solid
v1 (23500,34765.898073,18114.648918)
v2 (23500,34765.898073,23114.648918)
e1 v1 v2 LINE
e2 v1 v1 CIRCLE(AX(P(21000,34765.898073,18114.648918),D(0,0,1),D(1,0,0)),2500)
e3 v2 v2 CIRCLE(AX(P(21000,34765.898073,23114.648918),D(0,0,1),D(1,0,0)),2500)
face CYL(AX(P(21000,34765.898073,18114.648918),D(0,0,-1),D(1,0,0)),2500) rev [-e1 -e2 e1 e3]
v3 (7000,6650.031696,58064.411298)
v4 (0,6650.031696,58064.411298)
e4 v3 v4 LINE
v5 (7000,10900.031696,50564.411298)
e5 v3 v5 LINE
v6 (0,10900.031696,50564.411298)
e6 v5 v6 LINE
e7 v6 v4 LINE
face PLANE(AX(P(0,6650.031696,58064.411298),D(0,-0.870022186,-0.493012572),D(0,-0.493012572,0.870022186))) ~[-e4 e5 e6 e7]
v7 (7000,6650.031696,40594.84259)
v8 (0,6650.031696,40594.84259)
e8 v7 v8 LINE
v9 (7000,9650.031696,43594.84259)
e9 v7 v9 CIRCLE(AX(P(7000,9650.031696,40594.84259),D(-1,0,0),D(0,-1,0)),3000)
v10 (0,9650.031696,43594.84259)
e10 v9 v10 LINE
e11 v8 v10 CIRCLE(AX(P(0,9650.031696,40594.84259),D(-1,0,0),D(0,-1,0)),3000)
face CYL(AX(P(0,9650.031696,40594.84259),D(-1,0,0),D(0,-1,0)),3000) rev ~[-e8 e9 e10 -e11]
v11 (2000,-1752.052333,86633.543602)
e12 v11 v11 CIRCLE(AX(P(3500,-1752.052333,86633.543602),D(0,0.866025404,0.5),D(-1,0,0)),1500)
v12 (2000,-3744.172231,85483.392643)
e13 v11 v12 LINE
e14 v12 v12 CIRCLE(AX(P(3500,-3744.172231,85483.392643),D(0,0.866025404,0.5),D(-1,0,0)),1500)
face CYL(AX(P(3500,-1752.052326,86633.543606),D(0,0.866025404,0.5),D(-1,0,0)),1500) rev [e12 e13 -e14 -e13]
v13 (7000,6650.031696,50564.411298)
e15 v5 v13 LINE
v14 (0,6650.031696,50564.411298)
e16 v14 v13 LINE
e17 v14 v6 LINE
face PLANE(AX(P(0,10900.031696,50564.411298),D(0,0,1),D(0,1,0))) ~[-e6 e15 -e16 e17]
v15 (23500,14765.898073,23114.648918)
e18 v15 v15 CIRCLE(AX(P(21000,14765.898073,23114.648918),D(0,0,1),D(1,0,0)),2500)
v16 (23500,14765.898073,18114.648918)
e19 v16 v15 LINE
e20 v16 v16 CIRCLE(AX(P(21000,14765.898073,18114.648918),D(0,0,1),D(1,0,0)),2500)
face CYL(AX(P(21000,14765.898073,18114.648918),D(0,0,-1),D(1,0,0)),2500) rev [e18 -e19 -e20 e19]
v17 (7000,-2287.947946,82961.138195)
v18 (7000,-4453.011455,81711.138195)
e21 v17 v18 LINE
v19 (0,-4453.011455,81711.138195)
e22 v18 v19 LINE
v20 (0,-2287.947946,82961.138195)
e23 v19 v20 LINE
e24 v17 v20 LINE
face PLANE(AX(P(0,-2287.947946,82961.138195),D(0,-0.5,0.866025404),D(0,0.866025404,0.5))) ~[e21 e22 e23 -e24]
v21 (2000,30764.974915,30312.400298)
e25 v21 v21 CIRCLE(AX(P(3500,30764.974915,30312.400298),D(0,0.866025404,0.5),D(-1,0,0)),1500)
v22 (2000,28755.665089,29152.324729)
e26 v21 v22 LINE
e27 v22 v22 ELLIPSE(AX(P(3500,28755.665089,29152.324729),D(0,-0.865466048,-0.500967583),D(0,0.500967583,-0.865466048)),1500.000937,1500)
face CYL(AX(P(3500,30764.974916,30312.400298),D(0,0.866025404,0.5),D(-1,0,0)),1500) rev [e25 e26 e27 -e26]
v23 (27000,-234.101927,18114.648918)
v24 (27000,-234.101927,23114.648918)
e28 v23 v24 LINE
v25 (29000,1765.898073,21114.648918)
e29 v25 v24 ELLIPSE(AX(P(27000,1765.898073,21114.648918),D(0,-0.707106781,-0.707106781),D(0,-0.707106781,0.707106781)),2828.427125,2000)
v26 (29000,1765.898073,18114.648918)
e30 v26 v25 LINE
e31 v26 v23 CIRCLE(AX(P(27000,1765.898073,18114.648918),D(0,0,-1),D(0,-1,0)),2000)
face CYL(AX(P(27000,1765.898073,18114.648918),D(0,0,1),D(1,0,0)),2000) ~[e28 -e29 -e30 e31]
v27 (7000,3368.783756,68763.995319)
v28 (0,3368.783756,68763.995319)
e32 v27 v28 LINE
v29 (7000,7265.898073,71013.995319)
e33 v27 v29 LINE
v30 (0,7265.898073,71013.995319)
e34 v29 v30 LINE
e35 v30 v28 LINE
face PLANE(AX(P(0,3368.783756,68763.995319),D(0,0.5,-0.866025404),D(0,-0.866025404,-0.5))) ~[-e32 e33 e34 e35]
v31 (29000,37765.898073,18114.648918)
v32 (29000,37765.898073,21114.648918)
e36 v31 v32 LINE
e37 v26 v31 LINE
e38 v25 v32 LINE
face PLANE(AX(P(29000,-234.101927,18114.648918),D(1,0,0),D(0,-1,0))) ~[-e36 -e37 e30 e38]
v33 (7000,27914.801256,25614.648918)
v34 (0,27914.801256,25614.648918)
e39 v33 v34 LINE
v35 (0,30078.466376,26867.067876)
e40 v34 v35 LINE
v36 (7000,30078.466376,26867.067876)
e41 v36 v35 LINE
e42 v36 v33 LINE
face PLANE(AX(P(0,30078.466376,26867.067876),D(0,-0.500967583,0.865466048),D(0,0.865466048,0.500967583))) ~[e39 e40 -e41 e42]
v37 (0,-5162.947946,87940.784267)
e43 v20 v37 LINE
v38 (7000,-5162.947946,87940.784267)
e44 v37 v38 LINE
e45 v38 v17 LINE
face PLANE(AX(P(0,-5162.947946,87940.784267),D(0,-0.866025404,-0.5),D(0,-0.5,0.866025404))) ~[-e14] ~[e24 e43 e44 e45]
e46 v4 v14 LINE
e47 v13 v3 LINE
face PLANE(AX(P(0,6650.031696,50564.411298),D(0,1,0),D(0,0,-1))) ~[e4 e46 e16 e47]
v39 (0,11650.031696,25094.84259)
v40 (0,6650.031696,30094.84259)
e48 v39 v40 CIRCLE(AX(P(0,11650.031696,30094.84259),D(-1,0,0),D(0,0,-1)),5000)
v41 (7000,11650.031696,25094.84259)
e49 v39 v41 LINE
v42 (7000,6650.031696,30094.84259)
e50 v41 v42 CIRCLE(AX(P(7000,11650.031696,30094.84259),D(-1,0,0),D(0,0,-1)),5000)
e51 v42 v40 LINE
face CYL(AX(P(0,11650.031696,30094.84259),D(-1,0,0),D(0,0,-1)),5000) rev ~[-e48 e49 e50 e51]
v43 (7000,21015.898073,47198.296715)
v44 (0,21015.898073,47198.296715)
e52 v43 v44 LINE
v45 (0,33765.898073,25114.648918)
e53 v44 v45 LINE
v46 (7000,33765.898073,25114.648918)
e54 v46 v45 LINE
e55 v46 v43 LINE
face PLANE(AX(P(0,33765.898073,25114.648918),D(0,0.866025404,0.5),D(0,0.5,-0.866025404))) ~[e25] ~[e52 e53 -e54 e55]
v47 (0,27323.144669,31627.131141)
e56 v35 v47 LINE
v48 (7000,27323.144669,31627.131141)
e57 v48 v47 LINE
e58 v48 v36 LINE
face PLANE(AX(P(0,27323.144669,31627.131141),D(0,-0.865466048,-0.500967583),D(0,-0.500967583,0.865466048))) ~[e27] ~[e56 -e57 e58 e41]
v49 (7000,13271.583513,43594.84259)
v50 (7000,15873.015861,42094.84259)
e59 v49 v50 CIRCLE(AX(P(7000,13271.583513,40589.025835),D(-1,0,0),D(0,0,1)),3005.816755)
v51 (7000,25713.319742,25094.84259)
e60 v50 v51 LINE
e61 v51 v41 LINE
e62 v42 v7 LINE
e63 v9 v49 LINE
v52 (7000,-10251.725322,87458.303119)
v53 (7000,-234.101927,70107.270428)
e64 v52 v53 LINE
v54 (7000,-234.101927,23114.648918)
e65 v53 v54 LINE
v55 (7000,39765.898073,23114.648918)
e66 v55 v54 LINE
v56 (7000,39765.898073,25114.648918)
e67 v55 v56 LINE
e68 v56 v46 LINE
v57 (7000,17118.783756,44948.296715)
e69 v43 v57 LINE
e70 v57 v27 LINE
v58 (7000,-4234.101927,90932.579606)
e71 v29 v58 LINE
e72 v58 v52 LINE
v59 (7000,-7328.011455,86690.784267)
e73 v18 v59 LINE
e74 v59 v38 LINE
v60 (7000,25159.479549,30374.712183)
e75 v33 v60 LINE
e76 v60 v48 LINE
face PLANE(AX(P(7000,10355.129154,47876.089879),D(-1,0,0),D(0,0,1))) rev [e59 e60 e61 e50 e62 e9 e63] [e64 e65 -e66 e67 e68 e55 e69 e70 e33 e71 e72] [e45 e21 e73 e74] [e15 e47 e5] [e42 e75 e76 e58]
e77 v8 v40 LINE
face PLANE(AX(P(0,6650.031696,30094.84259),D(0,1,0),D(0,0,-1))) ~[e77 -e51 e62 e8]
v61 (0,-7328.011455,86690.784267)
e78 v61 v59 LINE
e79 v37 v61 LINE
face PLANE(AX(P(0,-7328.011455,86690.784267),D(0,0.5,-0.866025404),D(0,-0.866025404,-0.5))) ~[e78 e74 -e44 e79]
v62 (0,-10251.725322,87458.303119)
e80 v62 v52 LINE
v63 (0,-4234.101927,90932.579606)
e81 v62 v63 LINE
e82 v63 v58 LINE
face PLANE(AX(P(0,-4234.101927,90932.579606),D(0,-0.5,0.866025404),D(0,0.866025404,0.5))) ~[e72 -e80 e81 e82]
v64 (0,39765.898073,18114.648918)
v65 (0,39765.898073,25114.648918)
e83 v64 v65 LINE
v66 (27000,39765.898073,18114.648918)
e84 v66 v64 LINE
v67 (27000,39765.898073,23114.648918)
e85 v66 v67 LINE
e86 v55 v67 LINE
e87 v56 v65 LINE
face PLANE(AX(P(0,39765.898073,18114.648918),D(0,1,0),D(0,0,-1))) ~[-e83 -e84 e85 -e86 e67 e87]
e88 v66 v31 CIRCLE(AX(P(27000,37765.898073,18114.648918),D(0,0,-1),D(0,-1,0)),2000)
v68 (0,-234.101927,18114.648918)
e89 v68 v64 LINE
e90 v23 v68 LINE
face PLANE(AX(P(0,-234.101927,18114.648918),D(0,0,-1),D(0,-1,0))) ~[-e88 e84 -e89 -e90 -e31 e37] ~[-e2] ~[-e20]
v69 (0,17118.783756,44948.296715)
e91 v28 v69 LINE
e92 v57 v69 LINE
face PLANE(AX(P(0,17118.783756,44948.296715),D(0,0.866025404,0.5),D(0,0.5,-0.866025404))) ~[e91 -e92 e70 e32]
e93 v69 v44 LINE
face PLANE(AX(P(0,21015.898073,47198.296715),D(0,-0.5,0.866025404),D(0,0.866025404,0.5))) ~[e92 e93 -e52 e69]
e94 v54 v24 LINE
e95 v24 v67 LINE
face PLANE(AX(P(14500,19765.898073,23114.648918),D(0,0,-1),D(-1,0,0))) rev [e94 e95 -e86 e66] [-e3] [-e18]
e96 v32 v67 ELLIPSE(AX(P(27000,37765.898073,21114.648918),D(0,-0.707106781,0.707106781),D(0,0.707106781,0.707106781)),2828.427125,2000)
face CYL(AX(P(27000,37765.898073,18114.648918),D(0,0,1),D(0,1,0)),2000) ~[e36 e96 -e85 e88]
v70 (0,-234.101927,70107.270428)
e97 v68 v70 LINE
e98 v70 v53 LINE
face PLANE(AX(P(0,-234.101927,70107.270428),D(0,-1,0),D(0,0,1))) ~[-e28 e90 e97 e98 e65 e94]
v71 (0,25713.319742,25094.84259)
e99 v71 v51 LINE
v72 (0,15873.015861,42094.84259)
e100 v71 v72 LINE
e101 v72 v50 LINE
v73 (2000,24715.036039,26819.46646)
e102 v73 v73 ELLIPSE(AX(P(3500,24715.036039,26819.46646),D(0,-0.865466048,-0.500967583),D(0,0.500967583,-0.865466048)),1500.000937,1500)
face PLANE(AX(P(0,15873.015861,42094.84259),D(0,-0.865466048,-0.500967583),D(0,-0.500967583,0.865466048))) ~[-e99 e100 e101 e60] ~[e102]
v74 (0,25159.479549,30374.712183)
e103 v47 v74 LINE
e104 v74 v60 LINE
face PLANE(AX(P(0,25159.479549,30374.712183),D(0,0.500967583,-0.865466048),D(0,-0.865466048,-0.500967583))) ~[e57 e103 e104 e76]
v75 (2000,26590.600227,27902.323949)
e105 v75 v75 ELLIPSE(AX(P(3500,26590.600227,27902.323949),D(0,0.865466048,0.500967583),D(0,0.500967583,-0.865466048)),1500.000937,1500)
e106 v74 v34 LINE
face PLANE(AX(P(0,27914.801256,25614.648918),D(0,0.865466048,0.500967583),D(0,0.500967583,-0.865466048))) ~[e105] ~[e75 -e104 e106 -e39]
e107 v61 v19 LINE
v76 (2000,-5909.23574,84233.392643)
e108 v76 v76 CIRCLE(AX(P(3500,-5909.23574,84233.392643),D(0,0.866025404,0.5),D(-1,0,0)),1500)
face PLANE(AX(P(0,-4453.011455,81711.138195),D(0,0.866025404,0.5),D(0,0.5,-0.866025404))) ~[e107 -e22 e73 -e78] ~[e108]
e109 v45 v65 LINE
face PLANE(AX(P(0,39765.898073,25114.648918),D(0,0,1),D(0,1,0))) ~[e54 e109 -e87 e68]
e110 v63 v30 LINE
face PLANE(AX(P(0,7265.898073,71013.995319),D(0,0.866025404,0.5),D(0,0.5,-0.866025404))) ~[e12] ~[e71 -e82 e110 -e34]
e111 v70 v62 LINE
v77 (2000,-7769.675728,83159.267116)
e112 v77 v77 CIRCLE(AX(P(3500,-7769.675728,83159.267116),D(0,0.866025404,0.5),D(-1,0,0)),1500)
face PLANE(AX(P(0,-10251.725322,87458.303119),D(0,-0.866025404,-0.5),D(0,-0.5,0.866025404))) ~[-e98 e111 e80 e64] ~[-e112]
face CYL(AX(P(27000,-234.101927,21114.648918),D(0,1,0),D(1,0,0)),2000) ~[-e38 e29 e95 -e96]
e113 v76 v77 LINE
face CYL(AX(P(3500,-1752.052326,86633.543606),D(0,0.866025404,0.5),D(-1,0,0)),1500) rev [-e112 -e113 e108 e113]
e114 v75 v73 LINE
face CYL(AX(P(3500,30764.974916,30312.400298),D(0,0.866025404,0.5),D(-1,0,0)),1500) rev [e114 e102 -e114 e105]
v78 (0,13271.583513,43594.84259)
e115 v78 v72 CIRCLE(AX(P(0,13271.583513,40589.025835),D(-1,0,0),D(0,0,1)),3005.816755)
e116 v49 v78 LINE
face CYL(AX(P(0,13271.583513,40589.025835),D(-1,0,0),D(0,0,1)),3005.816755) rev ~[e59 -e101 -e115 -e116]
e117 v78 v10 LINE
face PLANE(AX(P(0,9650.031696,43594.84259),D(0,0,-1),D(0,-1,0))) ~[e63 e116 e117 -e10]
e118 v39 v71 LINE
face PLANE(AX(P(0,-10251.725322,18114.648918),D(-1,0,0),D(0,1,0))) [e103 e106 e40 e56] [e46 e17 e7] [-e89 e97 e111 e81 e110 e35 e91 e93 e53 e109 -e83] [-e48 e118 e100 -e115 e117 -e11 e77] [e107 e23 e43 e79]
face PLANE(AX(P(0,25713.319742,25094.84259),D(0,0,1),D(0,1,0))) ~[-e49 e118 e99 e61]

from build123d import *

# Parameters (mm, degrees)
BOSS_EXTRUDE1_DEPTH  = 7000
SKETCH8_W            = 29000
SKETCH8_H            = 40000
SKETCH8_R            = 2500
BOSS_EXTRUDE3_DEPTH  = 5000
FILLET1_R            = 2000
SKETCH9_R            = 1500
CUT_EXTRUDE1_DEPTH   = 7500
FILLET1_OF_MIRROR1_R = 2000
SKETCH10_W           = 30032.748500045
SKETCH10_H           = 50017.623394931
SKETCH10_W_2         = 1774.573147716
SKETCH10_H_2         = 4942.399092914
CUT_EXTRUDE2_DEPTH   = 72818.930687617


with BuildPart() as part:
    # Sketch1 → Boss-Extrude1 (new body)
    with BuildSketch(Plane(origin=(0, 0, 0), x_dir=(0, 0, -1), z_dir=(1, 0, 0))):
        Polygon((-71013.995318758, 7265.898072848), (-90932.579605801, -4234.101927152), (-87458.303118855, -10251.725322083), (-70107.270427744, -234.101927152), (-18114.648918183, -234.101927152), (-18114.648918183, 39765.898072848), (-25114.648918183, 39765.898072848), (-25114.648918183, 33765.898072848), (-47198.296714686, 21015.898072848), (-44948.296714686, 17118.783755818), (-68763.995318758, 3368.783755818), align=None)
        Polygon((-86690.784266902, -7328.011455498), (-87940.784266902, -5162.947946037), (-82961.138195142, -2287.947946037), (-81711.138195142, -4453.011455498), align=None, mode=Mode.SUBTRACT)
        Polygon((-50564.411297588, 6650.031696168), (-58064.411297588, 6650.031696168), (-50564.411297588, 10900.031696168), align=None, mode=Mode.SUBTRACT)
        with BuildLine():
            Line((-42094.842589731, 15873.015861461), (-25094.842589731, 25713.319742243))
            Line((-25094.842589731, 25713.319742243), (-25094.842589731, 11650.031696168))
            ThreePointArc((-25094.842589731, 11650.031696168), (-26559.308683798, 8114.497790235), (-30094.842589731, 6650.031696168))
            Line((-30094.842589731, 6650.031696168), (-40594.842589731, 6650.031696168))
            ThreePointArc((-40594.842589731, 6650.031696168), (-42716.16293329, 7528.711352608), (-43594.842589731, 9650.031696168))
            Line((-43594.842589731, 9650.031696168), (-43594.842589731, 13271.583512645))
            ThreePointArc((-43594.842589731, 13271.583512645), (-43192.9789446, 14773.036997228), (-42094.842589731, 15873.015861461))
        make_face(mode=Mode.SUBTRACT)
        Polygon((-30374.7121835, 25159.479548575), (-31627.131141319, 27323.144669173), (-26867.067876003, 30078.466376377), (-25614.648918183, 27914.801255779), align=None, mode=Mode.SUBTRACT)
    boss_extrude1 = extrude(amount=-BOSS_EXTRUDE1_DEPTH)

    # Sketch8 → Boss-Extrude3 (add)
    with BuildSketch(Plane(origin=(0, 0, 18114.648918183), x_dir=(-1, 0, 0), z_dir=(0, 0, -1))):
        with Locations((14500, 19765.898072848)):
            Rectangle(SKETCH8_W, SKETCH8_H)
        with Locations((21000, 14765.898072848)):
            Circle(SKETCH8_R, mode=Mode.SUBTRACT)
        with Locations((21000, 34765.898072848)):
            Circle(SKETCH8_R, mode=Mode.SUBTRACT)
    boss_extrude3 = extrude(amount=-BOSS_EXTRUDE3_DEPTH)

    # Fillet1
    fillet1_edges = [part.edges().sort_by_distance(p)[0] for p in [
        (-29000, -234.101927152, 20614.648918183),
        (-29000, 19765.898072848, 23114.648918183),
        (-29000, 39765.898072848, 20614.648918183),
    ]]
    fillet(fillet1_edges, radius=FILLET1_R)

    # Sketch9 → Cut-Extrude1 (cut)
    with BuildSketch(Plane(origin=(0, 36199.385539773, 20899.724985887), x_dir=(1, 0, 0), z_dir=(0, 0.866025404, 0.5))):
        with Locations((-3500, -10868.821249998)):
            Circle(SKETCH9_R)
        with Locations((-3500, -75902.875745792)):
            Circle(SKETCH9_R)
    cut_extrude1 = extrude(amount=-CUT_EXTRUDE1_DEPTH, mode=Mode.SUBTRACT)

    # Mirror1: Boss-Extrude1, Boss-Extrude3, Cut-Extrude1 across plane
    add(boss_extrude1.mirror(Plane(origin=(0, 0, 0), x_dir=(0, 0, 1), z_dir=(1, 0, 0))))
    add(boss_extrude3.mirror(Plane(origin=(0, 0, 0), x_dir=(0, 0, 1), z_dir=(1, 0, 0))))
    add(cut_extrude1.mirror(Plane(origin=(0, 0, 0), x_dir=(0, 0, 1), z_dir=(1, 0, 0))), mode=Mode.SUBTRACT)

    # Fillet1 of Mirror1
    fillet1_of_mirror1_edges = [part.edges().sort_by_distance(p)[0] for p in [
        (29000, -234.101927152, 20614.648918183),
        (29000, 19765.898072848, 23114.648918183),
        (29000, 39765.898072848, 20614.648918183),
    ]]
    fillet(fillet1_of_mirror1_edges, radius=FILLET1_OF_MIRROR1_R)

    # Sketch10 → Cut-Extrude2 (cut, through all)
    with BuildSketch(Plane(origin=(0, 0, 18114.648918183), x_dir=(-1, 0, 0), z_dir=(0, 0, -1))):
        with Locations((15016.374250023, 14757.086375382)):
            Rectangle(SKETCH10_W, SKETCH10_H)
        with Locations((35320.938179735, 37487.521083943)):
            Rectangle(SKETCH10_W_2, SKETCH10_H_2)
    extrude(amount=-CUT_EXTRUDE2_DEPTH, mode=Mode.SUBTRACT)


solid = part.part
